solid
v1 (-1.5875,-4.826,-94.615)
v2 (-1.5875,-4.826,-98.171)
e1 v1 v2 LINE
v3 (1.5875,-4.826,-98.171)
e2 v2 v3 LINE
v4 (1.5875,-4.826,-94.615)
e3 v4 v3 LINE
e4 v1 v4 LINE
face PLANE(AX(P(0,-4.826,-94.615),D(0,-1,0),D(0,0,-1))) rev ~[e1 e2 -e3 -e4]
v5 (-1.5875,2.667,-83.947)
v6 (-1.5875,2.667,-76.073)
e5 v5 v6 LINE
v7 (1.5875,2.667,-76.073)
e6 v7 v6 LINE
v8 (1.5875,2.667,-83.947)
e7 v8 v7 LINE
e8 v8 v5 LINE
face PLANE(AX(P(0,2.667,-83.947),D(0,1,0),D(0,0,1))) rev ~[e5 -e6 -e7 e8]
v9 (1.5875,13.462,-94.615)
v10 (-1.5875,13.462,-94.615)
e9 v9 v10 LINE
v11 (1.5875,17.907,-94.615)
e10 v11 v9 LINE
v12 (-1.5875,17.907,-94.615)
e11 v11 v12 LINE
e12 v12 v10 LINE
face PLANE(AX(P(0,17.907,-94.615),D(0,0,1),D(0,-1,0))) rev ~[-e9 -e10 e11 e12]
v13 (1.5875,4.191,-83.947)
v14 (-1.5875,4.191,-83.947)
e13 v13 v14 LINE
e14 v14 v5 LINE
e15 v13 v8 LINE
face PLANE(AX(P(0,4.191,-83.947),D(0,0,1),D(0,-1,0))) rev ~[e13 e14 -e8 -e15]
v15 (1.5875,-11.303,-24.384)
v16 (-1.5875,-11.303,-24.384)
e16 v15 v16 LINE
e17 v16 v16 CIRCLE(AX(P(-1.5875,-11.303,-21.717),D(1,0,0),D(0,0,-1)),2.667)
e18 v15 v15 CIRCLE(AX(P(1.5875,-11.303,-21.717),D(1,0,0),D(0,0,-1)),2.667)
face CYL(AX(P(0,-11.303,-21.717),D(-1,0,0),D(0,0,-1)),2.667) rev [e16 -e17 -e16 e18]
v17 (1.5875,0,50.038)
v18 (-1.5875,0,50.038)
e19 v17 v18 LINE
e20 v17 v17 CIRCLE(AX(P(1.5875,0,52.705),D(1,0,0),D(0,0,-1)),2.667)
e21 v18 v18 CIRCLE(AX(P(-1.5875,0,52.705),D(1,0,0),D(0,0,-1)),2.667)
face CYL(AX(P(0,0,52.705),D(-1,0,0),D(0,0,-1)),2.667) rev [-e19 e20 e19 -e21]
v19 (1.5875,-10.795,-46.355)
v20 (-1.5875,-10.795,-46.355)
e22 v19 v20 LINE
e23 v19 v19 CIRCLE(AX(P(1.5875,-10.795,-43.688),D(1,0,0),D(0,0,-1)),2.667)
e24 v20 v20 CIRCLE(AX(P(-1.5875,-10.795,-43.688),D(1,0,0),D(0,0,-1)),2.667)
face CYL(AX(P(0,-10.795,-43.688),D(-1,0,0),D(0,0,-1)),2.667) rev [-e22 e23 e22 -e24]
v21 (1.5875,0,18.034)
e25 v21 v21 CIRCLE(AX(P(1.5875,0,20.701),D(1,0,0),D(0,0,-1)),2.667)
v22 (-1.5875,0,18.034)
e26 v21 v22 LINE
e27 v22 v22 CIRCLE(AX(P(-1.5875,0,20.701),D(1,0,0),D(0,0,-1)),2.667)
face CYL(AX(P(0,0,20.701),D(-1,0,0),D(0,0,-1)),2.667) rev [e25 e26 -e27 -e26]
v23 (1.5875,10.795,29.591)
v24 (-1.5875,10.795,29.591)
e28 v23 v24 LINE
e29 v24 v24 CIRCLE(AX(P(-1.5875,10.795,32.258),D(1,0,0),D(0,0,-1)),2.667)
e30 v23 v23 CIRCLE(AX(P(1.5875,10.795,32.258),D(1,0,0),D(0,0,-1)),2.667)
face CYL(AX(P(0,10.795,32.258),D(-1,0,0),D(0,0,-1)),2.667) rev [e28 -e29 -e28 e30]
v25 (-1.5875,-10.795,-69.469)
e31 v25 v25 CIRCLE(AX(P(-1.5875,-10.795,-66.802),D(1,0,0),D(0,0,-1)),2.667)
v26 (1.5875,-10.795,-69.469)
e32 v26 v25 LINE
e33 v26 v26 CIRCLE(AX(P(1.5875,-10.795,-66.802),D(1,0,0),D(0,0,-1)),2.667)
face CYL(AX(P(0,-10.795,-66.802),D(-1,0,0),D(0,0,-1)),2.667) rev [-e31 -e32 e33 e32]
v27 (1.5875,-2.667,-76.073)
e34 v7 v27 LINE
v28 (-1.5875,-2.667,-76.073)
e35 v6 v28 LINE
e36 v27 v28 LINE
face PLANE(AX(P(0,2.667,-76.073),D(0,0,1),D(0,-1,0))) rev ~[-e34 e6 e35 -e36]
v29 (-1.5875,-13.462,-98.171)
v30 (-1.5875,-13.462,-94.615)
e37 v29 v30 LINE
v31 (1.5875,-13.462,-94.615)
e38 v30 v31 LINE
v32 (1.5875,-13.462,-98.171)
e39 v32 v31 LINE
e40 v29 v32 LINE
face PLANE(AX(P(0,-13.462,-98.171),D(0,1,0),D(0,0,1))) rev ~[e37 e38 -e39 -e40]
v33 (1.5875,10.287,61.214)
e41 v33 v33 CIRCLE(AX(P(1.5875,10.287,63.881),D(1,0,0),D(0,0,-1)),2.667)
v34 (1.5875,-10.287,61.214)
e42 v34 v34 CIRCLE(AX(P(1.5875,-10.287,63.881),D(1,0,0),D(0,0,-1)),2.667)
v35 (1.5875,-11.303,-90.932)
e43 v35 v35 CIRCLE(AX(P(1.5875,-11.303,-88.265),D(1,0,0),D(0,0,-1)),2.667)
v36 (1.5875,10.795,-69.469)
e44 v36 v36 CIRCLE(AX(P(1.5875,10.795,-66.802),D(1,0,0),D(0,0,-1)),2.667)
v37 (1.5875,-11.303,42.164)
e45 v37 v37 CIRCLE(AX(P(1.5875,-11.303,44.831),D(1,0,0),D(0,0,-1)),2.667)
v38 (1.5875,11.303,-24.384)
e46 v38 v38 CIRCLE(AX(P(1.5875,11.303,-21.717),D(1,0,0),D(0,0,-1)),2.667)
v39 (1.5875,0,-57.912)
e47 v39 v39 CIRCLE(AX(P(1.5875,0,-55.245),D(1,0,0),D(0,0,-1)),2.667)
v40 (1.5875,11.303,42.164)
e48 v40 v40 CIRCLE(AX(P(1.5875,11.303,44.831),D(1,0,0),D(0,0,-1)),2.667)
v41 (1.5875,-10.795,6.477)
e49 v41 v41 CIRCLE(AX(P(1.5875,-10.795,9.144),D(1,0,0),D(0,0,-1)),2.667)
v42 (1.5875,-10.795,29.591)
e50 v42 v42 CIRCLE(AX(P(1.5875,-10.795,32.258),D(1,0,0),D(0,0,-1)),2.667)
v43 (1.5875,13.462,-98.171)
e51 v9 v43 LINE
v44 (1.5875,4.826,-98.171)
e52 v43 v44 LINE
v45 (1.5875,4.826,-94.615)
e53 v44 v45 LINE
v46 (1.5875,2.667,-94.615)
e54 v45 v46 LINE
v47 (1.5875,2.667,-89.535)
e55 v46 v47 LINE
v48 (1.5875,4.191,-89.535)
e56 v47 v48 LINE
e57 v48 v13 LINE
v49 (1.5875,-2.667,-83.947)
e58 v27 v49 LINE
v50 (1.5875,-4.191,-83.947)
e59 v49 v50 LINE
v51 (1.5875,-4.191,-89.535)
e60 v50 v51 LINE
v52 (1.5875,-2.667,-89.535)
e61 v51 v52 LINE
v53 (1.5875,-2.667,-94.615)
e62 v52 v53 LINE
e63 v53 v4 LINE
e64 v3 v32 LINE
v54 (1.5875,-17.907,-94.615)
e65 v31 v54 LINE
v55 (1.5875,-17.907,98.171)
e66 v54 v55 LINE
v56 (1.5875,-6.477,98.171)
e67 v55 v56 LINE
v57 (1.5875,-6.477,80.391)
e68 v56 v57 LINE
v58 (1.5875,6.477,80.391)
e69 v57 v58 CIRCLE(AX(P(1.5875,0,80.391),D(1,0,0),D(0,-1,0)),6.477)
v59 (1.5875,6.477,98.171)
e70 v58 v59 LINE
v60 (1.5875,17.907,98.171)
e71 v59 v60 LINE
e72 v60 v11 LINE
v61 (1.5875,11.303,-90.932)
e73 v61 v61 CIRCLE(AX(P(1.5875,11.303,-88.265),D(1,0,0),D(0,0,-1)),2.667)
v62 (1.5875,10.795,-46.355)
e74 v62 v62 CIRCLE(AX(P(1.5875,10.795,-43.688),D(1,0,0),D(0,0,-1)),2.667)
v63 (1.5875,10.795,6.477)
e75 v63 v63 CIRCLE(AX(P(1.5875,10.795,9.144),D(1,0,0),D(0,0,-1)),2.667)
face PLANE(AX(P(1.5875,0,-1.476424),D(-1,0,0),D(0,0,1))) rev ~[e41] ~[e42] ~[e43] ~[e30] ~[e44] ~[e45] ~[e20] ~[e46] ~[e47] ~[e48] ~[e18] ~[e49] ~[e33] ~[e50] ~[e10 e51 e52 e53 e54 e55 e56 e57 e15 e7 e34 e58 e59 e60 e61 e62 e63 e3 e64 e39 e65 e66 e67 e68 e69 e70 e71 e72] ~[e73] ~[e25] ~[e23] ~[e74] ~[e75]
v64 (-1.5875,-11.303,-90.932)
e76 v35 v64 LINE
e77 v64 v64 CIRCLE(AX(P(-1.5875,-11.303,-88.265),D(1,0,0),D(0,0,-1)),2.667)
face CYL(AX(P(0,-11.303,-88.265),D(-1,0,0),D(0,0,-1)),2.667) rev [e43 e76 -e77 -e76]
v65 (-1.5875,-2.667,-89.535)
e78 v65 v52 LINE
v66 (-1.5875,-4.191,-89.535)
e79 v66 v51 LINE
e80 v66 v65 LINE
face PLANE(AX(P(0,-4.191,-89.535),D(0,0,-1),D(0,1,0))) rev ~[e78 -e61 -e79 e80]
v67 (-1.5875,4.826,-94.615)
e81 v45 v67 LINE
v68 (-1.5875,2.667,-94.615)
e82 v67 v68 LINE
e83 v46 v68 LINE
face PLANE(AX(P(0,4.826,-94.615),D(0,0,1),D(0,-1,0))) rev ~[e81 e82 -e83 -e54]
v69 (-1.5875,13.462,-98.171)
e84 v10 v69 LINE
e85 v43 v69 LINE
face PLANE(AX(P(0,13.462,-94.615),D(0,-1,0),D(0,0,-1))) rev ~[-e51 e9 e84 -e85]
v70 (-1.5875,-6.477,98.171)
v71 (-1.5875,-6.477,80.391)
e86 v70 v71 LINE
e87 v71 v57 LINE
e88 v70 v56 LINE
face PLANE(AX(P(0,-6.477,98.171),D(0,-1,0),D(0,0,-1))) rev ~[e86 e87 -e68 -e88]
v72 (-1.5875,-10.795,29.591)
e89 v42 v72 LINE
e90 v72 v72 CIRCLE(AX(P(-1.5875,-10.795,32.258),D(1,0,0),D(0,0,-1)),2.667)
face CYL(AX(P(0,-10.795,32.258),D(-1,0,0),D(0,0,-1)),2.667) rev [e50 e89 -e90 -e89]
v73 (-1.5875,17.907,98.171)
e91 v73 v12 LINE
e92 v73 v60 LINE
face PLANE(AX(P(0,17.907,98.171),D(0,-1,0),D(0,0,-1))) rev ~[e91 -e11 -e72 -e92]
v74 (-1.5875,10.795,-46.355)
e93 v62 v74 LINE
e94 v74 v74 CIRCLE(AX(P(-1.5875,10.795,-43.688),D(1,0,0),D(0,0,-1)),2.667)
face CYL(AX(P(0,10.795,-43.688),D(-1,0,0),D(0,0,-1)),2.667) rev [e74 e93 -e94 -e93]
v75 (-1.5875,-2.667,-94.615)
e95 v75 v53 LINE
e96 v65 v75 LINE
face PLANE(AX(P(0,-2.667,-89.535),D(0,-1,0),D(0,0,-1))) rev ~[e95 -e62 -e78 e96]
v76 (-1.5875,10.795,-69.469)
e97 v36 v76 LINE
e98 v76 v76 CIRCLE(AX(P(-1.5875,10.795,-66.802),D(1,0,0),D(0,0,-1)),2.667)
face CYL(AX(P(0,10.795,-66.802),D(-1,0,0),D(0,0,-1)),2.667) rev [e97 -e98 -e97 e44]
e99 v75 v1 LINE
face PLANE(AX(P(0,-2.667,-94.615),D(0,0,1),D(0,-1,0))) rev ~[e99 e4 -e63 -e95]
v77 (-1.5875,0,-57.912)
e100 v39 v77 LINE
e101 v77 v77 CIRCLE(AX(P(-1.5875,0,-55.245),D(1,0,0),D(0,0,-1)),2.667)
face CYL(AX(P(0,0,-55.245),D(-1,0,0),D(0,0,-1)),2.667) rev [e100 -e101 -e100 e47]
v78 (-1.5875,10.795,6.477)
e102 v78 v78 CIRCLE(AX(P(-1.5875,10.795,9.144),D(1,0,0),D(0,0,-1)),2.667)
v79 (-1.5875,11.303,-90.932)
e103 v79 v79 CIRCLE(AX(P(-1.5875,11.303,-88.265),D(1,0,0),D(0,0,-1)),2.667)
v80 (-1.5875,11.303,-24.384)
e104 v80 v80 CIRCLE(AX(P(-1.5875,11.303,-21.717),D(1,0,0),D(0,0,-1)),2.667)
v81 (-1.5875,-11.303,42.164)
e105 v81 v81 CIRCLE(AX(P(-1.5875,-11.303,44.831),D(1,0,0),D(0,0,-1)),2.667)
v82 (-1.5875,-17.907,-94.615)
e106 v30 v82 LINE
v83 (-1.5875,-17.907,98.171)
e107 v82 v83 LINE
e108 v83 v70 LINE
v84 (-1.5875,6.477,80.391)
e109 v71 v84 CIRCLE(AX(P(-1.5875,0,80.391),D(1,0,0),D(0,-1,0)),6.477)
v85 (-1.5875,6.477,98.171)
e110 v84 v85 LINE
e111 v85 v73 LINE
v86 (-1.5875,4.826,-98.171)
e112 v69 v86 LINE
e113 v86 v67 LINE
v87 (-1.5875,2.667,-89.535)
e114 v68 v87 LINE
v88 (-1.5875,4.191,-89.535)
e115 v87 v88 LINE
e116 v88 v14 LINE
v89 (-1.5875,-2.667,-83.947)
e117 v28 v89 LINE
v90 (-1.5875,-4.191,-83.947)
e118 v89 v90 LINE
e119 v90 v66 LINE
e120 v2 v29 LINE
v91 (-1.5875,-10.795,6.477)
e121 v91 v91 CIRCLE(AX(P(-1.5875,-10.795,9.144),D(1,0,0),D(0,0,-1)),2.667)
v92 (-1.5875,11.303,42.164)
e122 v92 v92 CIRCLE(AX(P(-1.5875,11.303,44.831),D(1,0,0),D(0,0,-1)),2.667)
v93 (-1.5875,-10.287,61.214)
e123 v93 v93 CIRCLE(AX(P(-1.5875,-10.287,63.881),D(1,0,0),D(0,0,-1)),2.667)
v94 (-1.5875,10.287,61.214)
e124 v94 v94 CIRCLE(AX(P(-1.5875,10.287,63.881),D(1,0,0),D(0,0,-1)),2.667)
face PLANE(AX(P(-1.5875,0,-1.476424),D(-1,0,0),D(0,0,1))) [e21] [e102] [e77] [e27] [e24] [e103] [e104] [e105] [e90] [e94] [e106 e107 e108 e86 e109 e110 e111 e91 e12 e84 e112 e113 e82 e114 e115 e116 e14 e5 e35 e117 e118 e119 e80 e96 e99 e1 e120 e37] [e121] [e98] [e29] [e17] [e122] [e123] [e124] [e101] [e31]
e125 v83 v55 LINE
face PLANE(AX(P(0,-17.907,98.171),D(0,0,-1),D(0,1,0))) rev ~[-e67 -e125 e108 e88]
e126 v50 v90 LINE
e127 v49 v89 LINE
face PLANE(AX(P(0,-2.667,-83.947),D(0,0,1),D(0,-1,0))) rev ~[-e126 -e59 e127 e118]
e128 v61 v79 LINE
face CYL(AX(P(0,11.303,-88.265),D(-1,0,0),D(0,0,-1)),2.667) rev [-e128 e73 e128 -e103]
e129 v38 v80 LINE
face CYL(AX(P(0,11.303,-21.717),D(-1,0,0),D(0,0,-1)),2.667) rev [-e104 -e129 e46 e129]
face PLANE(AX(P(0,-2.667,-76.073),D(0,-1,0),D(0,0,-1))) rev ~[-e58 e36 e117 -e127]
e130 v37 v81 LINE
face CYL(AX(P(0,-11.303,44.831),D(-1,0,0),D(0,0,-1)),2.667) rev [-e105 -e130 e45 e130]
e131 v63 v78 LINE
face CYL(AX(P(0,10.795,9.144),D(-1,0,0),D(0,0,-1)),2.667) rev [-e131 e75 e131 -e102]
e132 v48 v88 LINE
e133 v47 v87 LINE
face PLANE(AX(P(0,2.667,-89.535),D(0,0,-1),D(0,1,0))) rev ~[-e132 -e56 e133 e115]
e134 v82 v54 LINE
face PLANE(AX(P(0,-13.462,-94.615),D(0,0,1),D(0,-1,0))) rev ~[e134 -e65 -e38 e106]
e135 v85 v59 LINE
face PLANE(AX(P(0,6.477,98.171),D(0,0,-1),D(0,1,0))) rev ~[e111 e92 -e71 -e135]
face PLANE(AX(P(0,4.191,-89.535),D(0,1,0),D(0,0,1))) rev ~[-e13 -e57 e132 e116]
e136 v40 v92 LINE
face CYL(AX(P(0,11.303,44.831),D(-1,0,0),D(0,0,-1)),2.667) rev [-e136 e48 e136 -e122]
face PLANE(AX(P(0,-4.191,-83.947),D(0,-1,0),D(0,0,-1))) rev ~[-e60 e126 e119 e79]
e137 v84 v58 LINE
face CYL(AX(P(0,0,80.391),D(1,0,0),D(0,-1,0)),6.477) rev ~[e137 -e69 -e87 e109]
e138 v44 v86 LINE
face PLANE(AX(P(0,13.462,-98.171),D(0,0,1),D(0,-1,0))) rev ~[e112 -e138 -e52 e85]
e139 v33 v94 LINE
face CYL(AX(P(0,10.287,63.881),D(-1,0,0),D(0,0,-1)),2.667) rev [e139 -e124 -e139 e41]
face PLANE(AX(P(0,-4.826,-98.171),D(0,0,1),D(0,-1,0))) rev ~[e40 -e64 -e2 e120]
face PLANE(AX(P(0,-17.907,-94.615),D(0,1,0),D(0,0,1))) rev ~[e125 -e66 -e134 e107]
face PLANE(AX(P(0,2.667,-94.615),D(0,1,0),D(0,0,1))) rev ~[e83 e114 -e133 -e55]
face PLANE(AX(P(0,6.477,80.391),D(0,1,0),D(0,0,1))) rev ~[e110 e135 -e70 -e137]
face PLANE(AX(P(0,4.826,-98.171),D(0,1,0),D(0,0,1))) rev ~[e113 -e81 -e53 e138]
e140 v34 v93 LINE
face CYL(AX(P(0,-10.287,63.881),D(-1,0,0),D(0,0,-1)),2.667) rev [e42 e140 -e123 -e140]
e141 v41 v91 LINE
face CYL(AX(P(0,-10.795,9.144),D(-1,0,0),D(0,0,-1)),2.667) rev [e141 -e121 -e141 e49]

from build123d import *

# Parameters (mm, degrees)
SKETCH1_R           = 2.667
BOSS_EXTRUDE1_DEPTH = 1.5875


with BuildPart() as part:
    # Sketch1 → Boss-Extrude1 (new body, symmetric)
    with BuildSketch(Plane(origin=(0, 0, 0), x_dir=(0, 0, -1), z_dir=(1, 0, 0))):
        with BuildLine():
            Line((-98.171, 17.907), (94.615, 17.907))
            Line((94.615, 17.907), (94.615, 13.462))
            Line((94.615, 13.462), (98.171, 13.462))
            Line((98.171, 13.462), (98.171, 4.826))
            Line((98.171, 4.826), (94.615, 4.826))
            Line((94.615, 4.826), (94.615, 2.667))
            Line((94.615, 2.667), (89.535, 2.667))
            Line((89.535, 2.667), (89.535, 4.191))
            Line((89.535, 4.191), (83.947, 4.191))
            Line((83.947, 4.191), (83.947, 2.667))
            Line((83.947, 2.667), (76.073, 2.667))
            Line((76.073, 2.667), (76.073, -2.667))
            Line((76.073, -2.667), (83.947, -2.667))
            Line((83.947, -2.667), (83.947, -4.191))
            Line((83.947, -4.191), (89.535, -4.191))
            Line((89.535, -4.191), (89.535, -2.667))
            Line((89.535, -2.667), (94.615, -2.667))
            Line((94.615, -2.667), (94.615, -4.826))
            Line((94.615, -4.826), (98.171, -4.826))
            Line((98.171, -4.826), (98.171, -13.462))
            Line((98.171, -13.462), (94.615, -13.462))
            Line((94.615, -13.462), (94.615, -17.907))
            Line((94.615, -17.907), (-98.171, -17.907))
            Line((-98.171, -17.907), (-98.171, -6.477))
            Line((-98.171, -6.477), (-80.391, -6.477))
            ThreePointArc((-80.391, -6.477), (-73.914, 0), (-80.391, 6.477))
            Line((-80.391, 6.477), (-98.171, 6.477))
            Line((-98.171, 6.477), (-98.171, 17.907))
        make_face()
        with Locations((-63.881, 10.287)):
            Circle(SKETCH1_R, mode=Mode.SUBTRACT)
        with Locations((-63.881, -10.287)):
            Circle(SKETCH1_R, mode=Mode.SUBTRACT)
        with Locations((-52.705, 0)):
            Circle(SKETCH1_R, mode=Mode.SUBTRACT)
        with Locations((-44.831, 11.303)):
            Circle(SKETCH1_R, mode=Mode.SUBTRACT)
        with Locations((21.717, 11.303)):
            Circle(SKETCH1_R, mode=Mode.SUBTRACT)
        with Locations((88.265, 11.303)):
            Circle(SKETCH1_R, mode=Mode.SUBTRACT)
        with Locations((88.265, -11.303)):
            Circle(SKETCH1_R, mode=Mode.SUBTRACT)
        with Locations((21.717, -11.303)):
            Circle(SKETCH1_R, mode=Mode.SUBTRACT)
        with Locations((-44.831, -11.303)):
            Circle(SKETCH1_R, mode=Mode.SUBTRACT)
        with Locations((-9.144, 10.795)):
            Circle(SKETCH1_R, mode=Mode.SUBTRACT)
        with Locations((-32.258, 10.795)):
            Circle(SKETCH1_R, mode=Mode.SUBTRACT)
        with Locations((66.802, 10.795)):
            Circle(SKETCH1_R, mode=Mode.SUBTRACT)
        with Locations((43.688, 10.795)):
            Circle(SKETCH1_R, mode=Mode.SUBTRACT)
        with Locations((43.688, -10.795)):
            Circle(SKETCH1_R, mode=Mode.SUBTRACT)
        with Locations((66.802, -10.795)):
            Circle(SKETCH1_R, mode=Mode.SUBTRACT)
        with Locations((-32.258, -10.795)):
            Circle(SKETCH1_R, mode=Mode.SUBTRACT)
        with Locations((-9.144, -10.795)):
            Circle(SKETCH1_R, mode=Mode.SUBTRACT)
        with Locations((-20.701, 0)):
            Circle(SKETCH1_R, mode=Mode.SUBTRACT)
        with Locations((55.245, 0)):
            Circle(SKETCH1_R, mode=Mode.SUBTRACT)
    extrude(amount=BOSS_EXTRUDE1_DEPTH, both=True)


solid = part.part
